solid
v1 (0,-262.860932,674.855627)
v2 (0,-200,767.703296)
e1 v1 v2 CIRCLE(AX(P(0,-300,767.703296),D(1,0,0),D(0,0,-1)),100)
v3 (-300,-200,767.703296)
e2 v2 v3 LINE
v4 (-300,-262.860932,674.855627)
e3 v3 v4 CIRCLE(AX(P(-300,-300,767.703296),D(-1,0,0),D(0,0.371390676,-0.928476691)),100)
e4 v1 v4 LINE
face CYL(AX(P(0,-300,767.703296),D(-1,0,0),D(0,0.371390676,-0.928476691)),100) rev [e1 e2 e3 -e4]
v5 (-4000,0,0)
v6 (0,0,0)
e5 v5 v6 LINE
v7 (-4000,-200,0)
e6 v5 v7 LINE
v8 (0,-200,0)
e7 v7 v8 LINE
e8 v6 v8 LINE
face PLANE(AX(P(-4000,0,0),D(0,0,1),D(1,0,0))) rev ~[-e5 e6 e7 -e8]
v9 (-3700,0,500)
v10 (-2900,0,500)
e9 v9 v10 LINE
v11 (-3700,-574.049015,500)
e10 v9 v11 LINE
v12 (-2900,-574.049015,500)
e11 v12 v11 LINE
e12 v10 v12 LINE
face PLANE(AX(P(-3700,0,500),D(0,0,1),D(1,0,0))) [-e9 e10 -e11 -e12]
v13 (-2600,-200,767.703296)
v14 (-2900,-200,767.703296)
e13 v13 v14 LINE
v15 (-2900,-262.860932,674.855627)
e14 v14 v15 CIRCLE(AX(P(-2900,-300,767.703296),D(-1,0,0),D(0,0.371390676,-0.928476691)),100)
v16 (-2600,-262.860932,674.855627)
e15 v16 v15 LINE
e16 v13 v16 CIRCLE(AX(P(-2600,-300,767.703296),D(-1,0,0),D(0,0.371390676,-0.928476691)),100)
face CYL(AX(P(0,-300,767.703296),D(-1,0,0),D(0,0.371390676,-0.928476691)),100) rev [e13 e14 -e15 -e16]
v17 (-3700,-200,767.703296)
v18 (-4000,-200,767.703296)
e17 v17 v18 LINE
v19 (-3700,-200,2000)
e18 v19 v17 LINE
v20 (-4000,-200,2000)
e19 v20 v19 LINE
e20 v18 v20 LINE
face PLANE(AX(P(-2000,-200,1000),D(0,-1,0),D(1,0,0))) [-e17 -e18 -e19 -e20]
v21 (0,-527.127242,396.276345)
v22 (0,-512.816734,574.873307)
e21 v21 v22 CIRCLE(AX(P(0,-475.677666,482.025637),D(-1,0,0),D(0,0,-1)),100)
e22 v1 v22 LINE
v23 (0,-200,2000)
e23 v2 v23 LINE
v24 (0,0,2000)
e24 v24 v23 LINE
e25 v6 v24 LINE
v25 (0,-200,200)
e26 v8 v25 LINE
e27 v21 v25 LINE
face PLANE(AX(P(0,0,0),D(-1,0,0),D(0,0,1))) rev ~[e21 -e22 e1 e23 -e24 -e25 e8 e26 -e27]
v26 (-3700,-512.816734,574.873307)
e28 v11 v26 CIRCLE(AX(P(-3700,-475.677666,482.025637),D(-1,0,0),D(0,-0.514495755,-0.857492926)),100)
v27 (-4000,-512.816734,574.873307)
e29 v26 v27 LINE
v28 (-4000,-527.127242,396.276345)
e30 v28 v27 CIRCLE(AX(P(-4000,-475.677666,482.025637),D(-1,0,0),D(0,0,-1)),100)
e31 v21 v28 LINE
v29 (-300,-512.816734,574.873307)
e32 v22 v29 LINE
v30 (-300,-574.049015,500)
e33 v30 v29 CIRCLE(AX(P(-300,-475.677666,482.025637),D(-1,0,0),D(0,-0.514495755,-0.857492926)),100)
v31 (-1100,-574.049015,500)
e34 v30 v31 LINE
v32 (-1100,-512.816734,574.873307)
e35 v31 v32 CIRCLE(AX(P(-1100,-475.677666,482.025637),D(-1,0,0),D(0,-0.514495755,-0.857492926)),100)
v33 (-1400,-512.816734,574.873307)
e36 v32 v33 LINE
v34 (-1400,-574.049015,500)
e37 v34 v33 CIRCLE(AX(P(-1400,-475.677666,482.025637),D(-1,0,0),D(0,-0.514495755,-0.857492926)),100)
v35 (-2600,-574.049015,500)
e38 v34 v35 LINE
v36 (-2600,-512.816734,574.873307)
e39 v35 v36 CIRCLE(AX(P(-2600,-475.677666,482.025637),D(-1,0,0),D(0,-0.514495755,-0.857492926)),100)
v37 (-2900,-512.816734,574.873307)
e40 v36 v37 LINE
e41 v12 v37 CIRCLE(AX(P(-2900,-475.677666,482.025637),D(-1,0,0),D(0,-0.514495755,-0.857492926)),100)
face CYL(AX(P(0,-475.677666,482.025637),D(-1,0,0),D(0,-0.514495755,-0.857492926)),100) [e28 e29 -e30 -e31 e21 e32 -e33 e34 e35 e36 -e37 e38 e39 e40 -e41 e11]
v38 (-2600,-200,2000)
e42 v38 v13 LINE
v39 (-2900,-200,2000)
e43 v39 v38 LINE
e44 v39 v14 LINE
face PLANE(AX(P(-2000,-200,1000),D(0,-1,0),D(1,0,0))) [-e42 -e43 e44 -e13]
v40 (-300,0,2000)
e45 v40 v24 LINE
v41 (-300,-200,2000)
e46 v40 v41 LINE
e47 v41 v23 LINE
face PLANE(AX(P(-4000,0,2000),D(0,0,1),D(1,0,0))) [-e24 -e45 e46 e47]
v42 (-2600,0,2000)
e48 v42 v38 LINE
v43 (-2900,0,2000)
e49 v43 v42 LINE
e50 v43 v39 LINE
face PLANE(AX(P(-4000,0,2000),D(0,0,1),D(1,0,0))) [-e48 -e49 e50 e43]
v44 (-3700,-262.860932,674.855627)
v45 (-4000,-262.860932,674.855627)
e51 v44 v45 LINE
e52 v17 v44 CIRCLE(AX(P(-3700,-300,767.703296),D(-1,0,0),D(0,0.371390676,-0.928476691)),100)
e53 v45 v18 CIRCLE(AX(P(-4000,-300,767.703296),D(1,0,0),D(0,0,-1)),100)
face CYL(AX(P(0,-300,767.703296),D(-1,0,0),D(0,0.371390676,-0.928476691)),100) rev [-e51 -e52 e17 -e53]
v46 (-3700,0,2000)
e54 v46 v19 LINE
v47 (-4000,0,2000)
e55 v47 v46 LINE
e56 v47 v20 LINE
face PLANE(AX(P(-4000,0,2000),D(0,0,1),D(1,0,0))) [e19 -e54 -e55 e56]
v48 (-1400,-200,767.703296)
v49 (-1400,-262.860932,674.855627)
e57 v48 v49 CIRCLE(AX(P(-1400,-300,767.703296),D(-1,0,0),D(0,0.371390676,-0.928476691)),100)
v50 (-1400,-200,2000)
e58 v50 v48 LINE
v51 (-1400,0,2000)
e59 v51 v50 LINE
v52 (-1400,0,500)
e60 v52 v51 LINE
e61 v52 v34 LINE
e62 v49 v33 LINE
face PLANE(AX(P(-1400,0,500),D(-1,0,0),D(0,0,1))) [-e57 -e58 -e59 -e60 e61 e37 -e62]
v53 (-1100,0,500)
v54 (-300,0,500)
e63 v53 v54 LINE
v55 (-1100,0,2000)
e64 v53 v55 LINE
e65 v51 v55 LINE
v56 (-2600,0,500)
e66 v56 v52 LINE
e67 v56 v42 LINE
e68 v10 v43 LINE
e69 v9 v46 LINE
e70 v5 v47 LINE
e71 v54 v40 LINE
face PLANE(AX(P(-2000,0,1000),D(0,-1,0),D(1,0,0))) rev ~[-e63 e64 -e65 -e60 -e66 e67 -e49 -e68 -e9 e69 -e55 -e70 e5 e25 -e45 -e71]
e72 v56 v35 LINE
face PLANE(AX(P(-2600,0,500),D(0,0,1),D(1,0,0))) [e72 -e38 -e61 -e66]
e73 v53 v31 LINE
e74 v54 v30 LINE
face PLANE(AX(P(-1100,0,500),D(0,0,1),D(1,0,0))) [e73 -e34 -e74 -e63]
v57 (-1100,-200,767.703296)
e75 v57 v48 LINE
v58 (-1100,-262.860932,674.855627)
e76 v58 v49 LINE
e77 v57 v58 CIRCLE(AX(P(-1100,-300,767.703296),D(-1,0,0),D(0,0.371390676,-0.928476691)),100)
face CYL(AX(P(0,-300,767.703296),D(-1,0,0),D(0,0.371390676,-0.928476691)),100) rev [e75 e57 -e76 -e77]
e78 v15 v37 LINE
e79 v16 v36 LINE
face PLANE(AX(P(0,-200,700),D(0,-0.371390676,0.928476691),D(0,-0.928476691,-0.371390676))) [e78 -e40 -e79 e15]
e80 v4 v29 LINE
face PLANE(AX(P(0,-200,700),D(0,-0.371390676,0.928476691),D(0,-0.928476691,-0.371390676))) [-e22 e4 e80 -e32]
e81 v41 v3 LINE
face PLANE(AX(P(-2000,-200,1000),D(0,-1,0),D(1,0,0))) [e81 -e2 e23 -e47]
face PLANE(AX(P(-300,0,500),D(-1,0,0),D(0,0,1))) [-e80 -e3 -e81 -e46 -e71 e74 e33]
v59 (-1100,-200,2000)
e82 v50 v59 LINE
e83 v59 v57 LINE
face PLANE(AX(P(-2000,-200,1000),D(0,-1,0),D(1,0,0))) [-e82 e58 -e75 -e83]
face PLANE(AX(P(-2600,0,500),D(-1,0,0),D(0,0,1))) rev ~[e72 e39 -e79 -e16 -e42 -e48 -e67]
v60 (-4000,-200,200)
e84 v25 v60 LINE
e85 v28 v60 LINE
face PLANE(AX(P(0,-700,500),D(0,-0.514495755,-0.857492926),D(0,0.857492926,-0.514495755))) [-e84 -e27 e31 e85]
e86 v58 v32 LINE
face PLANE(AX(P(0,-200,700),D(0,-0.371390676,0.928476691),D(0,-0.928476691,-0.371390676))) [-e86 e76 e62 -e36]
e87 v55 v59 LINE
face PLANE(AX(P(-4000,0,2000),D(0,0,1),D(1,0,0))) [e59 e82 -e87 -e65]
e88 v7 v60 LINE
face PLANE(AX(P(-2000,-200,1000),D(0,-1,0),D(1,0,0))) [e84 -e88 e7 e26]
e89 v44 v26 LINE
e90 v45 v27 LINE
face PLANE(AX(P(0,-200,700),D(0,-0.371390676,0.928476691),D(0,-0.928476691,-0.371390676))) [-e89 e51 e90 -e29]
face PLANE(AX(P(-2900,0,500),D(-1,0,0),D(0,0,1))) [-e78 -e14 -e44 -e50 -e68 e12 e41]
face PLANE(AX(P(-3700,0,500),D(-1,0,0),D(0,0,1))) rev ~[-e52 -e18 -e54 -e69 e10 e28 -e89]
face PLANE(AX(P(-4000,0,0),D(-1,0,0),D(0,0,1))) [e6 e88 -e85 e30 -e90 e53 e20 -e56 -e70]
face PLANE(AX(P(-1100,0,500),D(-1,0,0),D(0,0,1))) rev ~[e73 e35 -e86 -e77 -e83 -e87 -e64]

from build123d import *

# Parameters (mm, degrees)
F0_W     = 4000
F0_H     = 2000
F1_DEPTH = 200
F3_DEPTH = 4000
F4_R     = 100
F5_R     = 100
F6_W     = 800
F6_H     = 1500
F6_W_2   = 1200
F7_DEPTH = 575.6786659604


with BuildPart() as f1:
    # F0 (on Front) → F1 (new body)
    with BuildSketch(Plane.XZ):
        with Locations((-2000, 1000)):
            Rectangle(F0_W, F0_H)
    extrude(amount=F1_DEPTH)

    # F2 (on Right) → F3 (join, through all)
    with BuildSketch(Plane.YZ):
        Polygon((-700, 500), (-200, 200), (-200, 700), align=None)
    extrude(amount=-F3_DEPTH)

    # F4
    f4_edges = [f1.edges().sort_by_distance(p)[0] for p in [
        (-2000, -700, 500),
    ]]
    fillet(f4_edges, radius=F4_R)

    # F5
    f5_edges = [f1.edges().sort_by_distance(p)[0] for p in [
        (-2000, -200, 700),
    ]]
    fillet(f5_edges, radius=F5_R)

    # F6 (on face) → F7 (cut, through all)
    with BuildSketch(Plane.XZ):
        with Locations((-700, 1250)):
            Rectangle(F6_W, F6_H)
        with Locations((-2000, 1250)):
            Rectangle(F6_W_2, F6_H)
        with Locations((-3300, 1250)):
            Rectangle(F6_W, F6_H)
    extrude(amount=F7_DEPTH, mode=Mode.SUBTRACT)


solid = f1.part
